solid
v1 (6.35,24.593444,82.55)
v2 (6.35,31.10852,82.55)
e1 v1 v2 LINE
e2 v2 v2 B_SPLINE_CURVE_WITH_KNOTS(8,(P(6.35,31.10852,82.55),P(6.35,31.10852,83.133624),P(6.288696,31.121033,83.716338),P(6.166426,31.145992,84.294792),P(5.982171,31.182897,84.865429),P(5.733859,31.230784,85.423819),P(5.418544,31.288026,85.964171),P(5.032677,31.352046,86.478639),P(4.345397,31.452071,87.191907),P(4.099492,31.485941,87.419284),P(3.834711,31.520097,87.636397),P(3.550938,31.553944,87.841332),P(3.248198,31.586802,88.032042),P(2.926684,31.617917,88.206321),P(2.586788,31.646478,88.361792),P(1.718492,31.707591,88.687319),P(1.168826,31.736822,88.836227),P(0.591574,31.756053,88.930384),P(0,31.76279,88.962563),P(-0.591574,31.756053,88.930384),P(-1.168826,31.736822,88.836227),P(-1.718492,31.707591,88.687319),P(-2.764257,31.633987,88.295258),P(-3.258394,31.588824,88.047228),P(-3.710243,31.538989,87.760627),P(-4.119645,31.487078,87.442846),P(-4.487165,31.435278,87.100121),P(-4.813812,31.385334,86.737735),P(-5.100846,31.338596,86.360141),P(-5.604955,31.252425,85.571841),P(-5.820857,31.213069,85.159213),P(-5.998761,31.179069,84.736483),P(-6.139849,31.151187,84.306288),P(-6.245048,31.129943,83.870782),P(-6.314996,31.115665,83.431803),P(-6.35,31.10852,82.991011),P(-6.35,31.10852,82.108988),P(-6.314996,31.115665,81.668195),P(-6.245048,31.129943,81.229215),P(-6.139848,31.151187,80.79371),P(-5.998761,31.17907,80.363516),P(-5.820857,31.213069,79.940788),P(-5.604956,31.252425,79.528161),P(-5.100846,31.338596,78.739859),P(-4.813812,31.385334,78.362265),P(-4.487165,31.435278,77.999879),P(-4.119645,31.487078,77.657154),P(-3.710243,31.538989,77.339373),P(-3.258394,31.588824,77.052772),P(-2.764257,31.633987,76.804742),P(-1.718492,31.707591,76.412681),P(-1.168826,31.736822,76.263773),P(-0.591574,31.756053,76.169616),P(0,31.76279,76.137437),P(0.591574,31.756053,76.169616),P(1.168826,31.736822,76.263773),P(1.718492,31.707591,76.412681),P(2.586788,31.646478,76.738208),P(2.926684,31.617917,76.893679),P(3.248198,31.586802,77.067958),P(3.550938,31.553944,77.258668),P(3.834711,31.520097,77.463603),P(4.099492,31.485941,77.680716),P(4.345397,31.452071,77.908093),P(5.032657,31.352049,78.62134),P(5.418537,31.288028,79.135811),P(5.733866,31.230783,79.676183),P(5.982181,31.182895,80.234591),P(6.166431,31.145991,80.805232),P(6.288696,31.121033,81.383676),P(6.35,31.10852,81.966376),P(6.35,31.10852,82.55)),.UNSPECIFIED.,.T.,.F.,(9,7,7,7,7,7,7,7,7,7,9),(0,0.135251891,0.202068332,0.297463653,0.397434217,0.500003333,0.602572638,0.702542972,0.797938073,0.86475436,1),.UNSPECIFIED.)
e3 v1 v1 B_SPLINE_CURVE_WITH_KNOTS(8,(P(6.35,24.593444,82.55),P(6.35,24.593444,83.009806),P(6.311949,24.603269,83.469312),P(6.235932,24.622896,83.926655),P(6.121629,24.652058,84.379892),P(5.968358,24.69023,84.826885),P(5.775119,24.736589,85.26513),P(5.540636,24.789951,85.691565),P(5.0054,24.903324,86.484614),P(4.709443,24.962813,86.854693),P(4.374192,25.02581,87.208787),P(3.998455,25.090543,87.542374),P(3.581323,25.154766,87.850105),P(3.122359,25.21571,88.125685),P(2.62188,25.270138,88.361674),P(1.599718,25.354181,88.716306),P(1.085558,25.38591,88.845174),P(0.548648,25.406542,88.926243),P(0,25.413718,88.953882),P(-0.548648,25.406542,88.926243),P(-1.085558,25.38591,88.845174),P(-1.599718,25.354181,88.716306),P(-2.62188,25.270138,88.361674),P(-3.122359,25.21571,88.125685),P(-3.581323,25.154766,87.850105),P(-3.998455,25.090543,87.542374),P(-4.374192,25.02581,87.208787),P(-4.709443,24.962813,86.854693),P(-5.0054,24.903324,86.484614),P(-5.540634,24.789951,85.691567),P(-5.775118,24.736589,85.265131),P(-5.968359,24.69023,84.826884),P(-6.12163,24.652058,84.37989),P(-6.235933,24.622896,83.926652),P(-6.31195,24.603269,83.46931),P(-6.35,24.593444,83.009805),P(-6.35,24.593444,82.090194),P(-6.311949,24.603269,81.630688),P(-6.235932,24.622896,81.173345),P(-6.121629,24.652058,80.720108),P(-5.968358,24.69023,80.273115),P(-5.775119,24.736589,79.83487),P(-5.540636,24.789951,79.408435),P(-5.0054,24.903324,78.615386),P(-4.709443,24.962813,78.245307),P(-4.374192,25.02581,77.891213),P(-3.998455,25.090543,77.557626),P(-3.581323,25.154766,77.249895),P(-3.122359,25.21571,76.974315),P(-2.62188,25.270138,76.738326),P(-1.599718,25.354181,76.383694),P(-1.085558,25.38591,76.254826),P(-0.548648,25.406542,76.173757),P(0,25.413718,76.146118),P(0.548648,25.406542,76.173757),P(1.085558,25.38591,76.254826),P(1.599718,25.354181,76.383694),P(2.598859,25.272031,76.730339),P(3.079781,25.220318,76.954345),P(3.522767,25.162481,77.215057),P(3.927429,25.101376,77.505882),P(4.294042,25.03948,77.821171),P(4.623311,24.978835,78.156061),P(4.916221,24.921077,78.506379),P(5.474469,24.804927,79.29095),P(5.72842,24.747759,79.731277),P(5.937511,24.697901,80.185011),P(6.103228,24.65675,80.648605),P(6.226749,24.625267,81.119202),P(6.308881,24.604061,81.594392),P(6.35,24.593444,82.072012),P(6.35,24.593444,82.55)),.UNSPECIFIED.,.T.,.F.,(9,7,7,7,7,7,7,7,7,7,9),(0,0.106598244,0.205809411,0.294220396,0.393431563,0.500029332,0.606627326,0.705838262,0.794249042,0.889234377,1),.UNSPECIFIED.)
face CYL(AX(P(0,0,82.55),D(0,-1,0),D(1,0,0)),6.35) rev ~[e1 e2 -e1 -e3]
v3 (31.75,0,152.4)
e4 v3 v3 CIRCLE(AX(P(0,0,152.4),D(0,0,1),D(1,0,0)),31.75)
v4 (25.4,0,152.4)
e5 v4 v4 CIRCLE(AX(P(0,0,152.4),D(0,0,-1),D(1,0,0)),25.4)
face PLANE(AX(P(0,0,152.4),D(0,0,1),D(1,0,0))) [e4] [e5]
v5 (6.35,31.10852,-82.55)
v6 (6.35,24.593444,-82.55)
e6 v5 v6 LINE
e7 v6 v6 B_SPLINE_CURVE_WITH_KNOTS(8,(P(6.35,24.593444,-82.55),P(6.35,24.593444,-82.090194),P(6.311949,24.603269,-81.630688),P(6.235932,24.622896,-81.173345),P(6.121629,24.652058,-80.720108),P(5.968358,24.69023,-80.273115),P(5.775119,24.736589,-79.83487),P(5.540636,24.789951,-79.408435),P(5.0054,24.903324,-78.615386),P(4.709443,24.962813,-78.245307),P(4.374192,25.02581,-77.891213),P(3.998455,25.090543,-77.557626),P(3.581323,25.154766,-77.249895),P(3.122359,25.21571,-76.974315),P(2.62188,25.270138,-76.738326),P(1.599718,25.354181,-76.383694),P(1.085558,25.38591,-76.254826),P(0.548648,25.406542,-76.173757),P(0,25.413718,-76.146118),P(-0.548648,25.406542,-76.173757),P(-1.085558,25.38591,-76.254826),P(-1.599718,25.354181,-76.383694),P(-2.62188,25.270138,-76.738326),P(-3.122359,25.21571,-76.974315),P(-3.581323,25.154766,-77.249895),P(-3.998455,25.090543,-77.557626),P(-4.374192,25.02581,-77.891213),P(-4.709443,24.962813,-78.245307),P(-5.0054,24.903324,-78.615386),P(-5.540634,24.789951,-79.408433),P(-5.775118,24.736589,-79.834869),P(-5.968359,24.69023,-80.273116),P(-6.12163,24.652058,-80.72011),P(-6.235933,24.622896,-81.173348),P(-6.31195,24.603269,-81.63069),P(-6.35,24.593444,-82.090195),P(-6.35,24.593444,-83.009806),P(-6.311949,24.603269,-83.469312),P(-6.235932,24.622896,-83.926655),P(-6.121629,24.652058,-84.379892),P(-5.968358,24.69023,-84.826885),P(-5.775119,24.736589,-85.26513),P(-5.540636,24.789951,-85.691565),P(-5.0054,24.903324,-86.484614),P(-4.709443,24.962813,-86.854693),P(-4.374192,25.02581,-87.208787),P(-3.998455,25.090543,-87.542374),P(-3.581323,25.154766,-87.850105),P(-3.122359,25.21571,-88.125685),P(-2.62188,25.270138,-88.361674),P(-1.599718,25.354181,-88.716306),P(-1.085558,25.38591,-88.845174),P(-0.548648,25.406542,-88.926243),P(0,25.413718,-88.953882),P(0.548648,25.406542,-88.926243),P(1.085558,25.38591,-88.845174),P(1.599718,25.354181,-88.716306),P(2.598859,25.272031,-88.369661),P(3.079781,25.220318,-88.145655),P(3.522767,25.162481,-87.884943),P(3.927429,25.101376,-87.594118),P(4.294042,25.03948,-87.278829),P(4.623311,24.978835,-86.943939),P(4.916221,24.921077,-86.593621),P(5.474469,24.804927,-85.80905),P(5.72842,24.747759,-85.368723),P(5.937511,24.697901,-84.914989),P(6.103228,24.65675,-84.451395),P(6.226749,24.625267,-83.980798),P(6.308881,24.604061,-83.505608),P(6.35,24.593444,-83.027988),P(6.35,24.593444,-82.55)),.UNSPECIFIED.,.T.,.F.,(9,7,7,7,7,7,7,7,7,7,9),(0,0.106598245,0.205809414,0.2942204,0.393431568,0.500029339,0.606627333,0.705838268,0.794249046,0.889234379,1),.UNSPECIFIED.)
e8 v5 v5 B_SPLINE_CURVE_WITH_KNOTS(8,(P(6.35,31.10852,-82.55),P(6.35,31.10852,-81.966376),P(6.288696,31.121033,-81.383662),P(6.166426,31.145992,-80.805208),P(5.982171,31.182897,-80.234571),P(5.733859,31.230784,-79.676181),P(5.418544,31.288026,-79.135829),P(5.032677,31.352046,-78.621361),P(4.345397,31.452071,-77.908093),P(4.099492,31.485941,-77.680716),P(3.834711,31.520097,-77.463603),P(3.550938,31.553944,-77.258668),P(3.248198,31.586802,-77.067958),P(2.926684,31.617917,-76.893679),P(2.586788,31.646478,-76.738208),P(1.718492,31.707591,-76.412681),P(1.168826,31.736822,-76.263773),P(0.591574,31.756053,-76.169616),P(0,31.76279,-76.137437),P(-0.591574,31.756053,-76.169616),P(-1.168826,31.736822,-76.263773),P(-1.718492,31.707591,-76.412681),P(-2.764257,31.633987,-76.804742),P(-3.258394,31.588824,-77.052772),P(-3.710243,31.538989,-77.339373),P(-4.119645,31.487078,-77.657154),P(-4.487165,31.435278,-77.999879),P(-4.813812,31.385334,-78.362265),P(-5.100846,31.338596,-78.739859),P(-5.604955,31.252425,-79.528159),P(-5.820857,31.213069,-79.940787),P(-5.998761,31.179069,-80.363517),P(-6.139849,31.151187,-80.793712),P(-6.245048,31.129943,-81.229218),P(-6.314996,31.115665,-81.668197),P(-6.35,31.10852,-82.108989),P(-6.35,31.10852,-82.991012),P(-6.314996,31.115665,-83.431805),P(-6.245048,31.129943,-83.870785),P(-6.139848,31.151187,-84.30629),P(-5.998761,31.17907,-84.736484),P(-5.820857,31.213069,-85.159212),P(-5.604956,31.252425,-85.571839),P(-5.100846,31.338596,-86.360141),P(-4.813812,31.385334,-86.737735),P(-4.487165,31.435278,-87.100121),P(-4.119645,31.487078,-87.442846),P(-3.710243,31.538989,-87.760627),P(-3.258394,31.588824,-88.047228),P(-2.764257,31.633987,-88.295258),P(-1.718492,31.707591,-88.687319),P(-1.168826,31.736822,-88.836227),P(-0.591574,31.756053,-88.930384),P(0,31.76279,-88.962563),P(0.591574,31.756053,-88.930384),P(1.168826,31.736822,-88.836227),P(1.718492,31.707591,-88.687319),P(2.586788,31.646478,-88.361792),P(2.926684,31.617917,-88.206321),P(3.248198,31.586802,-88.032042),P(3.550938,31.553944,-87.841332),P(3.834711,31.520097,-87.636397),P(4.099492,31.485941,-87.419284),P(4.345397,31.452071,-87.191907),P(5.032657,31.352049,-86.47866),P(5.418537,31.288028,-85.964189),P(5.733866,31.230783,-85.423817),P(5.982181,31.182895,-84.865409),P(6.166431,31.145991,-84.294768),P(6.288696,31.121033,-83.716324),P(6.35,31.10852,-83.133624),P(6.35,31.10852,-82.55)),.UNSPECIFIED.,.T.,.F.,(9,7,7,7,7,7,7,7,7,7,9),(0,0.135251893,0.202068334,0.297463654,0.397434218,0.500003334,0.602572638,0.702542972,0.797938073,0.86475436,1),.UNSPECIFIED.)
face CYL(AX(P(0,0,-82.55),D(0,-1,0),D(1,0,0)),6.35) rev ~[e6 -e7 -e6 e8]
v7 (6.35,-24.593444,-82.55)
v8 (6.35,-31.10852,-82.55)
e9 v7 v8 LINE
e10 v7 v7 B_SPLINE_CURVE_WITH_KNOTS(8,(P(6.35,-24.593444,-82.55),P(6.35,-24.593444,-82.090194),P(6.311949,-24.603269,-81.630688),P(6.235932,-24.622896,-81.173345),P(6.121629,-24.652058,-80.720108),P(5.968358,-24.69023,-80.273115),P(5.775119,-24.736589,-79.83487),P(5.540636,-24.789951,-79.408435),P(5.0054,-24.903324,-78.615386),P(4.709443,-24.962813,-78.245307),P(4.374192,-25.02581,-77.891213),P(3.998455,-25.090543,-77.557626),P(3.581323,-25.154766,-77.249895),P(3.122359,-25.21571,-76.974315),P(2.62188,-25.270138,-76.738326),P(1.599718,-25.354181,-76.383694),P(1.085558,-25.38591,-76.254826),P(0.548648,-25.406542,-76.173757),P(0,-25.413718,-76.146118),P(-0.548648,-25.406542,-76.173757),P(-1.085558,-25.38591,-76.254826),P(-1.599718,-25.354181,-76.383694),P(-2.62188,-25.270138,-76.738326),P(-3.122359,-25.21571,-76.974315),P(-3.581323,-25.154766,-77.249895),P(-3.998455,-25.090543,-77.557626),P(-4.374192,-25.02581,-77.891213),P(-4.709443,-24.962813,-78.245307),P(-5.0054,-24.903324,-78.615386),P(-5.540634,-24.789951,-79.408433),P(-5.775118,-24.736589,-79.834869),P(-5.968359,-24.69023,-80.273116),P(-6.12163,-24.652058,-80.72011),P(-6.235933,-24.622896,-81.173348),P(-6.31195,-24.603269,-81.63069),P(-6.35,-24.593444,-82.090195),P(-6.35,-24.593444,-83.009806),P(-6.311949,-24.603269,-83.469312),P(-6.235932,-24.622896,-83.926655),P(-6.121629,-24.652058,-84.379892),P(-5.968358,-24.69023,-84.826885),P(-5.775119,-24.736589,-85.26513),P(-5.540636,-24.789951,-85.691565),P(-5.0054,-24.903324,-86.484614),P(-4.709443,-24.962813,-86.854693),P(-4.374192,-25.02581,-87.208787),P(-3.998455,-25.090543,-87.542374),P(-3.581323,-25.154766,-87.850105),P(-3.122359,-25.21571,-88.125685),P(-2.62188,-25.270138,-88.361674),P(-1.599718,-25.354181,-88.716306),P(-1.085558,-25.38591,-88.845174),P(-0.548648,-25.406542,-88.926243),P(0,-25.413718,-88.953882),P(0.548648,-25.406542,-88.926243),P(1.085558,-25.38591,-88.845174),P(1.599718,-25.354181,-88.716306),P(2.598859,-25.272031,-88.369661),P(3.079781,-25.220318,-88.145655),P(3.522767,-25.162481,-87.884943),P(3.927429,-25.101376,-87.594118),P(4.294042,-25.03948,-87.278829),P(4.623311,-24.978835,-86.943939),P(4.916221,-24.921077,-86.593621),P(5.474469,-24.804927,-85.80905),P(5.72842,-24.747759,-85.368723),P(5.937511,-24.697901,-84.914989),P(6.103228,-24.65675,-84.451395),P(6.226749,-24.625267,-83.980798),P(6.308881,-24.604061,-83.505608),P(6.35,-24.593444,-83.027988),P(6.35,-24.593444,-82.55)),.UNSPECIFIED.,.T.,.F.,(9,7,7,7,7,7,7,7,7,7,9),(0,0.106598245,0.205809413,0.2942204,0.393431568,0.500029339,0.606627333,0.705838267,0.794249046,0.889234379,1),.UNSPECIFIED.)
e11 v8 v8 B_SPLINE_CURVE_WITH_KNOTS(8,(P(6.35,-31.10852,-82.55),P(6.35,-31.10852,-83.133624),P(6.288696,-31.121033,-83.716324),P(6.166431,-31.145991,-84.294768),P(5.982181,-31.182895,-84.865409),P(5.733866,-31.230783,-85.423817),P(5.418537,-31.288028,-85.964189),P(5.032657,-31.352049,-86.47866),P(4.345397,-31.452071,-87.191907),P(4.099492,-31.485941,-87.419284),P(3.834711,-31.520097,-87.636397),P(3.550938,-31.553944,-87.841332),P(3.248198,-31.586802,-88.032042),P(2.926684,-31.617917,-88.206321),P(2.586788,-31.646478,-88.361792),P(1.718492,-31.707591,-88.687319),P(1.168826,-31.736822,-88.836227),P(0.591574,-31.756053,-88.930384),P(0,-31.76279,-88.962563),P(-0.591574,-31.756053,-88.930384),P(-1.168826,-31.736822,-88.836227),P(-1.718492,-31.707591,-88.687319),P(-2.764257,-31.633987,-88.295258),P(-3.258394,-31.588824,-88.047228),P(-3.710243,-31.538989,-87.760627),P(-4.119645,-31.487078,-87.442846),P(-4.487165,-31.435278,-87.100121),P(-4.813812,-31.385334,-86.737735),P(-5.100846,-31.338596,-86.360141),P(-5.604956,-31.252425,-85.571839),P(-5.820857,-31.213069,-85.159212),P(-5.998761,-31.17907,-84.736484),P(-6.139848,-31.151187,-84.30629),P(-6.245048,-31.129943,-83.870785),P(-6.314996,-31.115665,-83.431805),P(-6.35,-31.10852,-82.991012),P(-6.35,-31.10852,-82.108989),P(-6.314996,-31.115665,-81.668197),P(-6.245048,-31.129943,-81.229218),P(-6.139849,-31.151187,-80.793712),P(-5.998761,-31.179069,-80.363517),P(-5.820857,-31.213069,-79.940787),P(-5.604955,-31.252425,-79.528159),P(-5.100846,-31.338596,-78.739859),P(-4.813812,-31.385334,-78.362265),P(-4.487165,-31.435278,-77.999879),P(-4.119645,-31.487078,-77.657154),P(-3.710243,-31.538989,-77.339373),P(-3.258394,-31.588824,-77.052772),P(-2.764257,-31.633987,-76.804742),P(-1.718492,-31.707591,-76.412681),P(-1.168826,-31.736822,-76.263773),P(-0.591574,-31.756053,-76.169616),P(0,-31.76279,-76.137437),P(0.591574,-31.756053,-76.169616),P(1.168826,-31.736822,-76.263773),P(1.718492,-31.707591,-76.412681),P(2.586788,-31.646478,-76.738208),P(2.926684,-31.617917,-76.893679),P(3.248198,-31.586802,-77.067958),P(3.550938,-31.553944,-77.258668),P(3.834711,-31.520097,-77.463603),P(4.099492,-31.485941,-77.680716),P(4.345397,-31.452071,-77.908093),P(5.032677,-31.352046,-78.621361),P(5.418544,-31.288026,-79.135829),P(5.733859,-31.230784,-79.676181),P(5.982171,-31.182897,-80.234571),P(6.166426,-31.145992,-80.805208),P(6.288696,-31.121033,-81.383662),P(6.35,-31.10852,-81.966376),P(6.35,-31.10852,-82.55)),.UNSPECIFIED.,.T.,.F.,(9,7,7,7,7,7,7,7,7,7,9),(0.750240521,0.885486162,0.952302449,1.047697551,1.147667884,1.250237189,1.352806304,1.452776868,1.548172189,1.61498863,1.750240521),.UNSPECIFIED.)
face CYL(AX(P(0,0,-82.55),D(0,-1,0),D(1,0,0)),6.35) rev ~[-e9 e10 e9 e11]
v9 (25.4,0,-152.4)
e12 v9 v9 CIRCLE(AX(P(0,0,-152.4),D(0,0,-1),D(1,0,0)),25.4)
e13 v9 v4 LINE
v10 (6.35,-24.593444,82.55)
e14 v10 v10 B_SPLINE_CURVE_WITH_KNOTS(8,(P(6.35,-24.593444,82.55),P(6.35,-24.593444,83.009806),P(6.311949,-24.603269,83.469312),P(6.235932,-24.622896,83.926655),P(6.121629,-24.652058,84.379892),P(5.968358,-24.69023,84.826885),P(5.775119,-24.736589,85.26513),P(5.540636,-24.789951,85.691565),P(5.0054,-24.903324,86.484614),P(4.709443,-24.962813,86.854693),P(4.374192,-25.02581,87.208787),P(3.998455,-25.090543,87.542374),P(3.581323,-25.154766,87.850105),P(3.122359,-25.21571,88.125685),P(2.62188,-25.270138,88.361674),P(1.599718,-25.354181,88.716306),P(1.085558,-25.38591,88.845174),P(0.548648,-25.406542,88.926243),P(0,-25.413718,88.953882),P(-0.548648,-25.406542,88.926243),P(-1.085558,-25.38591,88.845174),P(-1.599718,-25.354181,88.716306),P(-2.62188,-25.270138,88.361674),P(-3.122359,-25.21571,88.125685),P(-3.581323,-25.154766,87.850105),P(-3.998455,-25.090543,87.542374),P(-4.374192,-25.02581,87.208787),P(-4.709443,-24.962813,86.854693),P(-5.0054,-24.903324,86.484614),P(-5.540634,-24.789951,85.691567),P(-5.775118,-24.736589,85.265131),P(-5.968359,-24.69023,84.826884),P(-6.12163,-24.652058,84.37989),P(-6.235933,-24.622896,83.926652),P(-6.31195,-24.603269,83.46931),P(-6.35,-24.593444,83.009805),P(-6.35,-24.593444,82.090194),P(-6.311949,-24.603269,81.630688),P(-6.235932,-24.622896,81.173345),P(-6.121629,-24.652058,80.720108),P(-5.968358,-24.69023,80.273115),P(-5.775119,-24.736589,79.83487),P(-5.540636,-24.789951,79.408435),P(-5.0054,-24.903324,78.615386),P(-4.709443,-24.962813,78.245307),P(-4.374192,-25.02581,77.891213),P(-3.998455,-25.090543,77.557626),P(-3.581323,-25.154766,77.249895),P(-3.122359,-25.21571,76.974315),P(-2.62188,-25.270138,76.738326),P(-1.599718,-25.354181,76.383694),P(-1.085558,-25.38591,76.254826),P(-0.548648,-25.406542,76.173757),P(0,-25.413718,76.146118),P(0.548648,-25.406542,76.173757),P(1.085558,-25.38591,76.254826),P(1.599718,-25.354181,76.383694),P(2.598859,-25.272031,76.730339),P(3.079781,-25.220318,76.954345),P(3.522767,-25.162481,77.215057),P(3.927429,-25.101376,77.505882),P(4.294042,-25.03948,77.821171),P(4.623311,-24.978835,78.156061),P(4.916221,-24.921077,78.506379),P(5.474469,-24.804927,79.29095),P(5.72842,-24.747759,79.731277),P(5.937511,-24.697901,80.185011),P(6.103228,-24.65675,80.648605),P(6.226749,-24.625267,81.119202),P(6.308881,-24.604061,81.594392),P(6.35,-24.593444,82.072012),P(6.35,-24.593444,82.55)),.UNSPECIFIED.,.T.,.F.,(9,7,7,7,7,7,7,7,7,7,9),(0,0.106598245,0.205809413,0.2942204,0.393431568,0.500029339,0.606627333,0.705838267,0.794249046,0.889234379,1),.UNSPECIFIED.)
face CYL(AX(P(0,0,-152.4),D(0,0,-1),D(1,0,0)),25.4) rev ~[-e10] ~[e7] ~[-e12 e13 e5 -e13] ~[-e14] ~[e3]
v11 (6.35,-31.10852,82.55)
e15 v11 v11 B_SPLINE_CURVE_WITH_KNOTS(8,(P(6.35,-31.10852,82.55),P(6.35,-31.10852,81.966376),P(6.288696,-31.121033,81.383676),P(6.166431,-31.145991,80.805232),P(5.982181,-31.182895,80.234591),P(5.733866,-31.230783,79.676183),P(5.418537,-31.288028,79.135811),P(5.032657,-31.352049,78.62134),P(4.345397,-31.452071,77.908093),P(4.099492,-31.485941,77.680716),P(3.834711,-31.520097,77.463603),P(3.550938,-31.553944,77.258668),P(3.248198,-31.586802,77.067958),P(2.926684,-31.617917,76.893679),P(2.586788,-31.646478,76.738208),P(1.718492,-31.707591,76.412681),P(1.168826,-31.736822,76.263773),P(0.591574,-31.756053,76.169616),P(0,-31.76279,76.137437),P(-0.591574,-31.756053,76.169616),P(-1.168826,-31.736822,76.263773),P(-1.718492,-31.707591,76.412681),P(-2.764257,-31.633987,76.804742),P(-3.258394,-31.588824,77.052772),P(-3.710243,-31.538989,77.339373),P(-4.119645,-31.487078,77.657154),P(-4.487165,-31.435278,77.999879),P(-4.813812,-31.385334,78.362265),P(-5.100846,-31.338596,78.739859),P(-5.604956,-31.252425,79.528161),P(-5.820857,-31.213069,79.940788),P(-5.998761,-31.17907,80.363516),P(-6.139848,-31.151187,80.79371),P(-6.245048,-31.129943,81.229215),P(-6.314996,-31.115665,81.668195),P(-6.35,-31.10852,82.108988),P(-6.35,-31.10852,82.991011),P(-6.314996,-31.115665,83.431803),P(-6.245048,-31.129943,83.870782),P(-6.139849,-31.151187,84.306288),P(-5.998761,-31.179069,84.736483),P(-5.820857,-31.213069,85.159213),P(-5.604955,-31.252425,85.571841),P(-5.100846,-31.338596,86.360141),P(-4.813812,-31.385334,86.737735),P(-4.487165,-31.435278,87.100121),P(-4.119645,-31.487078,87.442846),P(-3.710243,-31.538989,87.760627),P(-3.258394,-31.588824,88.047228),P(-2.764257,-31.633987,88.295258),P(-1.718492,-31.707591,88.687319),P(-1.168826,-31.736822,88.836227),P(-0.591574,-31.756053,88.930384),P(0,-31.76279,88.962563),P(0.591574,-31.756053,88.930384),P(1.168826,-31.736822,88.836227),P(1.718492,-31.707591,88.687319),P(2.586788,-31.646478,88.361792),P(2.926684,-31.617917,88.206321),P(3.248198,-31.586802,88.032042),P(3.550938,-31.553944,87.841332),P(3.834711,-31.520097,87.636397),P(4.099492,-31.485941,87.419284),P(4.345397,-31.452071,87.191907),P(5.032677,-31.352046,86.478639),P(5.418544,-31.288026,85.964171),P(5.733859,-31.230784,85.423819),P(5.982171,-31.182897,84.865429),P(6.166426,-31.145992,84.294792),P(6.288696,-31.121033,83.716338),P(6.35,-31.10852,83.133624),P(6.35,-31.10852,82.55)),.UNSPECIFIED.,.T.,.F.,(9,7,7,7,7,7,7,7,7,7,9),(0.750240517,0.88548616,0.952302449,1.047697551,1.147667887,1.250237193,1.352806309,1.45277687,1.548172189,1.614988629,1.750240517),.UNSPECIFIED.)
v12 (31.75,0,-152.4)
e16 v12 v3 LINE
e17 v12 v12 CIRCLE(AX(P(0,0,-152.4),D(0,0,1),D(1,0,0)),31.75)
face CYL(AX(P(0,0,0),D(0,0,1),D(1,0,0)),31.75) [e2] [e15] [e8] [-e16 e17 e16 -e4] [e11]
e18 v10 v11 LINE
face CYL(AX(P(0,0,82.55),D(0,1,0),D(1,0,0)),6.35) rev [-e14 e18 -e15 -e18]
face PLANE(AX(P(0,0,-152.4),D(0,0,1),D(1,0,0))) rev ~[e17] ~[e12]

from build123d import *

# Parameters (mm, degrees)
F0_R     = 31.75
F1_DEPTH = 152.4
F2_R     = 25.4
F3_DEPTH = 304.8
F4_R     = 6.35
F5_DEPTH = 31.75


with BuildPart() as f1:
    # F0 (on Top) → F1 (new body, symmetric)
    with BuildSketch(Plane.XY):
        Circle(F0_R)
    extrude(amount=F1_DEPTH, both=True)

    # F2 (on face) → F3 (cut)
    with BuildSketch(Plane(origin=(0, 0, -152.4), x_dir=(1, 0, 0), z_dir=(0, 0, -1))):
        Circle(F2_R)
    extrude(amount=-F3_DEPTH, mode=Mode.SUBTRACT)

    # F4 (on Front) → F5 (cut, symmetric)
    with BuildSketch(Plane.XZ):
        with Locations((0, 82.55)):
            Circle(F4_R)
        with Locations((0, -82.55)):
            Circle(F4_R)
    extrude(amount=F5_DEPTH, both=True, mode=Mode.SUBTRACT)


solid = f1.part
